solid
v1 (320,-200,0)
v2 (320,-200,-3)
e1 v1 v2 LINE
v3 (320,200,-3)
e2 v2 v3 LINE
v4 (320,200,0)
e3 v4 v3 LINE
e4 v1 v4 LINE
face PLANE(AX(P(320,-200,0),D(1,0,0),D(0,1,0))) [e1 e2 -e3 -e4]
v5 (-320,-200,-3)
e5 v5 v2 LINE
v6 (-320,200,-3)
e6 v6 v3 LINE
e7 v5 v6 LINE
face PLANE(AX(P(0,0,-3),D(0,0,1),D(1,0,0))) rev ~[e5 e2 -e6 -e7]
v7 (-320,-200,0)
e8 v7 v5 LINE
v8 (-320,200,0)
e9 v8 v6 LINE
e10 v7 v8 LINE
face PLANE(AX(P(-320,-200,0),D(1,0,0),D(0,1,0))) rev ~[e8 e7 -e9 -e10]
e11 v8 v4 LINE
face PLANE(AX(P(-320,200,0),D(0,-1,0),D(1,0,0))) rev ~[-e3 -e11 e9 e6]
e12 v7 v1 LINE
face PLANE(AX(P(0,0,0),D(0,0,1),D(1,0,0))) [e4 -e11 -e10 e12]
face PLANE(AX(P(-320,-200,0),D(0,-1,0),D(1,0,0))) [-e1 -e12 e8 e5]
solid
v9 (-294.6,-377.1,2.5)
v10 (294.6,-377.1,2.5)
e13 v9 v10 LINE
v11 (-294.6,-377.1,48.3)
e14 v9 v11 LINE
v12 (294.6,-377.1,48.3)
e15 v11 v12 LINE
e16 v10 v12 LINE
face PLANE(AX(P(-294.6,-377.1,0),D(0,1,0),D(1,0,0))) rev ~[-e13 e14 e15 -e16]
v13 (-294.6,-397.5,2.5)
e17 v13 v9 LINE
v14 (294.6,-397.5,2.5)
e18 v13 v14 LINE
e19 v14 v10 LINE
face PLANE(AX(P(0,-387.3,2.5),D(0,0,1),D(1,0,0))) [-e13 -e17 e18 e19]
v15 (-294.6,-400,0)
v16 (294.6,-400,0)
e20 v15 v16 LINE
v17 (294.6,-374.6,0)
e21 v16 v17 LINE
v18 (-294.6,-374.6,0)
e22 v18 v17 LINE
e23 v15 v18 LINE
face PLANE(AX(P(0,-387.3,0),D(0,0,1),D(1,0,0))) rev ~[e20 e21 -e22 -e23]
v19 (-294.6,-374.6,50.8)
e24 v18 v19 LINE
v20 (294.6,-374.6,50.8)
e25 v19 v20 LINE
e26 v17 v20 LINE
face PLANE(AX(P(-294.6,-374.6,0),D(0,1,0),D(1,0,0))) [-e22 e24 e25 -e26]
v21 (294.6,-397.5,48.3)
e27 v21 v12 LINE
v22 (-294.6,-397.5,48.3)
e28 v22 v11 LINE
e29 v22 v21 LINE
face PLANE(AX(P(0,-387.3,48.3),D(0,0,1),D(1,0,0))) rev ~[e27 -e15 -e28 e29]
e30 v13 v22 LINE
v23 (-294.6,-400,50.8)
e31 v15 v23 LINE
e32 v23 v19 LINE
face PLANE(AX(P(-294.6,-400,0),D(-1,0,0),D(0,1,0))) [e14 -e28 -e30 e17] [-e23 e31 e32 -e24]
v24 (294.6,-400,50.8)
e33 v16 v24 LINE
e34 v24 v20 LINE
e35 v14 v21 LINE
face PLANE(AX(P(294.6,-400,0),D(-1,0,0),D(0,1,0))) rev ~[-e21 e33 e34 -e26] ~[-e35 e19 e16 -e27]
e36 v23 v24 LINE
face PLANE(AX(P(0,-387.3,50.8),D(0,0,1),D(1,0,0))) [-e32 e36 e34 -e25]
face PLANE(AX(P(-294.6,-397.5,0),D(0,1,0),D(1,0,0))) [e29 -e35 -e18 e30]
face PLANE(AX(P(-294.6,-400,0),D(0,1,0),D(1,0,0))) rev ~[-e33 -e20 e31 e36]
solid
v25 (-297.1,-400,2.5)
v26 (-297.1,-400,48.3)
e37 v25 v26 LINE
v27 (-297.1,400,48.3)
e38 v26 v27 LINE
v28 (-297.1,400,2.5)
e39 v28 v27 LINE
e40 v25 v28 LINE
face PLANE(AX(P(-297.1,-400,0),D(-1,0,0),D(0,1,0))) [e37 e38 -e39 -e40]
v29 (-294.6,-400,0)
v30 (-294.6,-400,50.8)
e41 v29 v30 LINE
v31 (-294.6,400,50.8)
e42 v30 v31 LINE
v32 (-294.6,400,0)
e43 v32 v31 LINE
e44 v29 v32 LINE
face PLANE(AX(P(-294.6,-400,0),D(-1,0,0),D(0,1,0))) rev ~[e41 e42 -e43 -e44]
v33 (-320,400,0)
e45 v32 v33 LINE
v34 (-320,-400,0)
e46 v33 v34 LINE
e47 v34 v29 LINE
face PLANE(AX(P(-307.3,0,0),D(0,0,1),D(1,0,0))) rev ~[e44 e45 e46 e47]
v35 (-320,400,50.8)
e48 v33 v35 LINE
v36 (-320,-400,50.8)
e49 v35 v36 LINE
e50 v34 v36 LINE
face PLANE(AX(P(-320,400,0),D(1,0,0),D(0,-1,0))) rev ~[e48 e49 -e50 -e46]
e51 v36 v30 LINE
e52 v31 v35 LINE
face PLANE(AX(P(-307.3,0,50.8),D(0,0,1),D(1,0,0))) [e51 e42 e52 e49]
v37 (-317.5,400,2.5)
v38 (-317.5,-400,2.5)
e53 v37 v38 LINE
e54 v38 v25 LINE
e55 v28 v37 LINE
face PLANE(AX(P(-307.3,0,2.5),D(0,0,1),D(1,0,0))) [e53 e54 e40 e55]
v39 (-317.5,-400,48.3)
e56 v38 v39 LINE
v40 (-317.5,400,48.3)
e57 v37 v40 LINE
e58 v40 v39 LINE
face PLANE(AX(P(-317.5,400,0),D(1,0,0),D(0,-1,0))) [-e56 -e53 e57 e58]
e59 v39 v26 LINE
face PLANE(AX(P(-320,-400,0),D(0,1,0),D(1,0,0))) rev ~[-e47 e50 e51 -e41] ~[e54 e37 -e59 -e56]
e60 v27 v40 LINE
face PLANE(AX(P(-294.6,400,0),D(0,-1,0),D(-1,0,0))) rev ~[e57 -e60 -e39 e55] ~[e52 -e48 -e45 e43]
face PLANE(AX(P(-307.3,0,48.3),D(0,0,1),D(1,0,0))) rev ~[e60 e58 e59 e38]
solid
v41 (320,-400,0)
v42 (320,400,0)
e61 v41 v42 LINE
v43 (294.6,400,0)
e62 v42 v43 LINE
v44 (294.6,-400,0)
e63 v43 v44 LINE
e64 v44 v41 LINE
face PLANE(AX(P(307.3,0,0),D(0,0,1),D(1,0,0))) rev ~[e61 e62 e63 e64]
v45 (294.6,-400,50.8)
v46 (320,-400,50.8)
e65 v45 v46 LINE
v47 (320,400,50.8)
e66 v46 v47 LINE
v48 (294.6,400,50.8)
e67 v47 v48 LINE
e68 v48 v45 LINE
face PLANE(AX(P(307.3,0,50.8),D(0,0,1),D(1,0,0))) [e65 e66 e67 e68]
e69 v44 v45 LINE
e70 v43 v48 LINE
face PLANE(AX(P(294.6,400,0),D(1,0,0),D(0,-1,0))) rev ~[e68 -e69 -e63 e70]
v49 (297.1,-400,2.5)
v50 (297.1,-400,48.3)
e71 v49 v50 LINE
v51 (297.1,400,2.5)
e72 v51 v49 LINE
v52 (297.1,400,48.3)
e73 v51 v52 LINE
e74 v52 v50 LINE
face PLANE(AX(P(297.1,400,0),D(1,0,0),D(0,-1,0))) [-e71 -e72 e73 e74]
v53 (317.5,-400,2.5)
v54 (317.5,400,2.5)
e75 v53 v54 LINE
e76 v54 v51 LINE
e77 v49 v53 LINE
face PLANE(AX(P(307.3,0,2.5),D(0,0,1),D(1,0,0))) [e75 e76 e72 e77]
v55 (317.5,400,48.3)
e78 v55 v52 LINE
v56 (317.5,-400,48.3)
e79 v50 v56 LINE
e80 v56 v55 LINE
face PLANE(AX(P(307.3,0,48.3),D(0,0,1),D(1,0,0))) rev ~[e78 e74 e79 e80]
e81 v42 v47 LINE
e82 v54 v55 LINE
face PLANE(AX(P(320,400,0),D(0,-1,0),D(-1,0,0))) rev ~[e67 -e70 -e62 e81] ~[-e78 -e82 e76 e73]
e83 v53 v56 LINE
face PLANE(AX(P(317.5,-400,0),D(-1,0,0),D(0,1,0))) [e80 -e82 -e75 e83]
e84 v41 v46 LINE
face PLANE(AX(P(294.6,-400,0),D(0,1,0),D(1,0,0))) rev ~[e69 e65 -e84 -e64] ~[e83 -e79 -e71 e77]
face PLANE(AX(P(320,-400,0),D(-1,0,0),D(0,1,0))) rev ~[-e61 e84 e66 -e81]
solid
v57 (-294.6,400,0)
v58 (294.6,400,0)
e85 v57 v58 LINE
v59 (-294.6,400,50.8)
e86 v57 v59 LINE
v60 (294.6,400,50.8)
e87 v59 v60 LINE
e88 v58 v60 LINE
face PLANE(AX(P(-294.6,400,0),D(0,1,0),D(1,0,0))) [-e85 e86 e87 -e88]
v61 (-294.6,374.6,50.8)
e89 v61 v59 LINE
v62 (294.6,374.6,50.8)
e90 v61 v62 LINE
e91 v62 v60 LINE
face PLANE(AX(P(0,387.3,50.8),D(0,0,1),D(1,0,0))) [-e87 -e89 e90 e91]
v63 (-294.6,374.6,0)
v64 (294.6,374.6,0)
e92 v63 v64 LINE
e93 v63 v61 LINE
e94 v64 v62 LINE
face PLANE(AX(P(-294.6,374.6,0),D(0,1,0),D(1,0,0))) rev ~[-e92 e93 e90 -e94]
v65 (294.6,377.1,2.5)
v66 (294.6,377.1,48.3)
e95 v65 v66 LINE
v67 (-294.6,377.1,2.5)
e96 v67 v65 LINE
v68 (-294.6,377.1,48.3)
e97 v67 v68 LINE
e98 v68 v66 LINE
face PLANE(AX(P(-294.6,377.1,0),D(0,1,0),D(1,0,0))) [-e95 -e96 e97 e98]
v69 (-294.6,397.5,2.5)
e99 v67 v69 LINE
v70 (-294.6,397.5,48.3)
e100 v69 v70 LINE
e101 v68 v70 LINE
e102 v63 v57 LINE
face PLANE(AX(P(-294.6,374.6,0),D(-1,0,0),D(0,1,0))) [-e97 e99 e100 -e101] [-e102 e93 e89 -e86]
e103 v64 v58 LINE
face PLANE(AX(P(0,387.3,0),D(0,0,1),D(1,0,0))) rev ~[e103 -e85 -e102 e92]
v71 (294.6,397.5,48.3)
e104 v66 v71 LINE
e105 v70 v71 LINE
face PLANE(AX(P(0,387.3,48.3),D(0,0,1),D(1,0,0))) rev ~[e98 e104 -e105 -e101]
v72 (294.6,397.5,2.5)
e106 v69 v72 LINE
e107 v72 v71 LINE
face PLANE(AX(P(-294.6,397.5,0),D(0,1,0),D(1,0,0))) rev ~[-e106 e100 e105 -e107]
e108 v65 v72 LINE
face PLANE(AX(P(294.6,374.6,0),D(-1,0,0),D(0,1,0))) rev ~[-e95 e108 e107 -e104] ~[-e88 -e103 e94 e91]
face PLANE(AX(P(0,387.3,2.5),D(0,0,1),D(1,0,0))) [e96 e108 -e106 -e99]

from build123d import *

# Parameters (mm, degrees)
F1_DEPTH = 50.8
F0_W     = 589.2
F0_H     = 25.4
F2_DEPTH = 50.8
F3_DEPTH = 50.8
F4_DEPTH = 50.8
F5_W     = 640
F5_H     = 400
F6_DEPTH = 3
F7_T     = -2.5
F7_2_T   = -2.5
F7_3_T   = -2.5
F7_4_T   = -2.5


with BuildPart() as f1:
    # F0 (on Top) → F1 (new body)
    with BuildSketch(Plane.XY):
        Polygon((-294.6, 400), (-320, 400), (-320, -400), (-294.6, -400), (-294.6, -374.6), (-294.6, 374.6), align=None)
    extrude(amount=F1_DEPTH)

    # F7
    f7_openings = [f1.faces().sort_by_distance(p)[0] for p in [
        (-307.3, -400, 25.4),
        (-307.3, 400, 25.4),
    ]]
    offset(amount=F7_T, openings=f7_openings)


with BuildPart() as f2:
    # F0 (on Top) → F2 (new body)
    with BuildSketch(Plane.XY):
        with Locations((0, 387.3)):
            Rectangle(F0_W, F0_H)
    extrude(amount=F2_DEPTH)

    # F7#3
    f7_3_openings = [f2.faces().sort_by_distance(p)[0] for p in [
        (294.6, 387.3, 25.4),
        (-294.6, 387.3, 25.4),
    ]]
    offset(amount=F7_3_T, openings=f7_3_openings)


with BuildPart() as f3:
    # F0 (on Top) → F3 (new body)
    with BuildSketch(Plane.XY):
        Polygon((320, 400), (294.6, 400), (294.6, 374.6), (294.6, -374.6), (294.6, -400), (320, -400), align=None)
    extrude(amount=F3_DEPTH)

    # F7#2
    f7_2_openings = [f3.faces().sort_by_distance(p)[0] for p in [
        (307.3, -400, 25.4),
        (307.3, 400, 25.4),
    ]]
    offset(amount=F7_2_T, openings=f7_2_openings)


with BuildPart() as f4:
    # F0 (on Top) → F4 (new body)
    with BuildSketch(Plane.XY):
        with Locations((0, -387.3)):
            Rectangle(F0_W, F0_H)
    extrude(amount=F4_DEPTH)

    # F7#4
    f7_4_openings = [f4.faces().sort_by_distance(p)[0] for p in [
        (-294.6, -387.3, 25.4),
        (294.6, -387.3, 25.4),
    ]]
    offset(amount=F7_4_T, openings=f7_4_openings)


with BuildPart() as f6:
    # F5 (on face) → F6 (new body)
    with BuildSketch(Plane.XY):
        Rectangle(F5_W, F5_H)
    extrude(amount=-F6_DEPTH)


solid = Compound([f1.part, f2.part, f3.part, f4.part, f6.part])
